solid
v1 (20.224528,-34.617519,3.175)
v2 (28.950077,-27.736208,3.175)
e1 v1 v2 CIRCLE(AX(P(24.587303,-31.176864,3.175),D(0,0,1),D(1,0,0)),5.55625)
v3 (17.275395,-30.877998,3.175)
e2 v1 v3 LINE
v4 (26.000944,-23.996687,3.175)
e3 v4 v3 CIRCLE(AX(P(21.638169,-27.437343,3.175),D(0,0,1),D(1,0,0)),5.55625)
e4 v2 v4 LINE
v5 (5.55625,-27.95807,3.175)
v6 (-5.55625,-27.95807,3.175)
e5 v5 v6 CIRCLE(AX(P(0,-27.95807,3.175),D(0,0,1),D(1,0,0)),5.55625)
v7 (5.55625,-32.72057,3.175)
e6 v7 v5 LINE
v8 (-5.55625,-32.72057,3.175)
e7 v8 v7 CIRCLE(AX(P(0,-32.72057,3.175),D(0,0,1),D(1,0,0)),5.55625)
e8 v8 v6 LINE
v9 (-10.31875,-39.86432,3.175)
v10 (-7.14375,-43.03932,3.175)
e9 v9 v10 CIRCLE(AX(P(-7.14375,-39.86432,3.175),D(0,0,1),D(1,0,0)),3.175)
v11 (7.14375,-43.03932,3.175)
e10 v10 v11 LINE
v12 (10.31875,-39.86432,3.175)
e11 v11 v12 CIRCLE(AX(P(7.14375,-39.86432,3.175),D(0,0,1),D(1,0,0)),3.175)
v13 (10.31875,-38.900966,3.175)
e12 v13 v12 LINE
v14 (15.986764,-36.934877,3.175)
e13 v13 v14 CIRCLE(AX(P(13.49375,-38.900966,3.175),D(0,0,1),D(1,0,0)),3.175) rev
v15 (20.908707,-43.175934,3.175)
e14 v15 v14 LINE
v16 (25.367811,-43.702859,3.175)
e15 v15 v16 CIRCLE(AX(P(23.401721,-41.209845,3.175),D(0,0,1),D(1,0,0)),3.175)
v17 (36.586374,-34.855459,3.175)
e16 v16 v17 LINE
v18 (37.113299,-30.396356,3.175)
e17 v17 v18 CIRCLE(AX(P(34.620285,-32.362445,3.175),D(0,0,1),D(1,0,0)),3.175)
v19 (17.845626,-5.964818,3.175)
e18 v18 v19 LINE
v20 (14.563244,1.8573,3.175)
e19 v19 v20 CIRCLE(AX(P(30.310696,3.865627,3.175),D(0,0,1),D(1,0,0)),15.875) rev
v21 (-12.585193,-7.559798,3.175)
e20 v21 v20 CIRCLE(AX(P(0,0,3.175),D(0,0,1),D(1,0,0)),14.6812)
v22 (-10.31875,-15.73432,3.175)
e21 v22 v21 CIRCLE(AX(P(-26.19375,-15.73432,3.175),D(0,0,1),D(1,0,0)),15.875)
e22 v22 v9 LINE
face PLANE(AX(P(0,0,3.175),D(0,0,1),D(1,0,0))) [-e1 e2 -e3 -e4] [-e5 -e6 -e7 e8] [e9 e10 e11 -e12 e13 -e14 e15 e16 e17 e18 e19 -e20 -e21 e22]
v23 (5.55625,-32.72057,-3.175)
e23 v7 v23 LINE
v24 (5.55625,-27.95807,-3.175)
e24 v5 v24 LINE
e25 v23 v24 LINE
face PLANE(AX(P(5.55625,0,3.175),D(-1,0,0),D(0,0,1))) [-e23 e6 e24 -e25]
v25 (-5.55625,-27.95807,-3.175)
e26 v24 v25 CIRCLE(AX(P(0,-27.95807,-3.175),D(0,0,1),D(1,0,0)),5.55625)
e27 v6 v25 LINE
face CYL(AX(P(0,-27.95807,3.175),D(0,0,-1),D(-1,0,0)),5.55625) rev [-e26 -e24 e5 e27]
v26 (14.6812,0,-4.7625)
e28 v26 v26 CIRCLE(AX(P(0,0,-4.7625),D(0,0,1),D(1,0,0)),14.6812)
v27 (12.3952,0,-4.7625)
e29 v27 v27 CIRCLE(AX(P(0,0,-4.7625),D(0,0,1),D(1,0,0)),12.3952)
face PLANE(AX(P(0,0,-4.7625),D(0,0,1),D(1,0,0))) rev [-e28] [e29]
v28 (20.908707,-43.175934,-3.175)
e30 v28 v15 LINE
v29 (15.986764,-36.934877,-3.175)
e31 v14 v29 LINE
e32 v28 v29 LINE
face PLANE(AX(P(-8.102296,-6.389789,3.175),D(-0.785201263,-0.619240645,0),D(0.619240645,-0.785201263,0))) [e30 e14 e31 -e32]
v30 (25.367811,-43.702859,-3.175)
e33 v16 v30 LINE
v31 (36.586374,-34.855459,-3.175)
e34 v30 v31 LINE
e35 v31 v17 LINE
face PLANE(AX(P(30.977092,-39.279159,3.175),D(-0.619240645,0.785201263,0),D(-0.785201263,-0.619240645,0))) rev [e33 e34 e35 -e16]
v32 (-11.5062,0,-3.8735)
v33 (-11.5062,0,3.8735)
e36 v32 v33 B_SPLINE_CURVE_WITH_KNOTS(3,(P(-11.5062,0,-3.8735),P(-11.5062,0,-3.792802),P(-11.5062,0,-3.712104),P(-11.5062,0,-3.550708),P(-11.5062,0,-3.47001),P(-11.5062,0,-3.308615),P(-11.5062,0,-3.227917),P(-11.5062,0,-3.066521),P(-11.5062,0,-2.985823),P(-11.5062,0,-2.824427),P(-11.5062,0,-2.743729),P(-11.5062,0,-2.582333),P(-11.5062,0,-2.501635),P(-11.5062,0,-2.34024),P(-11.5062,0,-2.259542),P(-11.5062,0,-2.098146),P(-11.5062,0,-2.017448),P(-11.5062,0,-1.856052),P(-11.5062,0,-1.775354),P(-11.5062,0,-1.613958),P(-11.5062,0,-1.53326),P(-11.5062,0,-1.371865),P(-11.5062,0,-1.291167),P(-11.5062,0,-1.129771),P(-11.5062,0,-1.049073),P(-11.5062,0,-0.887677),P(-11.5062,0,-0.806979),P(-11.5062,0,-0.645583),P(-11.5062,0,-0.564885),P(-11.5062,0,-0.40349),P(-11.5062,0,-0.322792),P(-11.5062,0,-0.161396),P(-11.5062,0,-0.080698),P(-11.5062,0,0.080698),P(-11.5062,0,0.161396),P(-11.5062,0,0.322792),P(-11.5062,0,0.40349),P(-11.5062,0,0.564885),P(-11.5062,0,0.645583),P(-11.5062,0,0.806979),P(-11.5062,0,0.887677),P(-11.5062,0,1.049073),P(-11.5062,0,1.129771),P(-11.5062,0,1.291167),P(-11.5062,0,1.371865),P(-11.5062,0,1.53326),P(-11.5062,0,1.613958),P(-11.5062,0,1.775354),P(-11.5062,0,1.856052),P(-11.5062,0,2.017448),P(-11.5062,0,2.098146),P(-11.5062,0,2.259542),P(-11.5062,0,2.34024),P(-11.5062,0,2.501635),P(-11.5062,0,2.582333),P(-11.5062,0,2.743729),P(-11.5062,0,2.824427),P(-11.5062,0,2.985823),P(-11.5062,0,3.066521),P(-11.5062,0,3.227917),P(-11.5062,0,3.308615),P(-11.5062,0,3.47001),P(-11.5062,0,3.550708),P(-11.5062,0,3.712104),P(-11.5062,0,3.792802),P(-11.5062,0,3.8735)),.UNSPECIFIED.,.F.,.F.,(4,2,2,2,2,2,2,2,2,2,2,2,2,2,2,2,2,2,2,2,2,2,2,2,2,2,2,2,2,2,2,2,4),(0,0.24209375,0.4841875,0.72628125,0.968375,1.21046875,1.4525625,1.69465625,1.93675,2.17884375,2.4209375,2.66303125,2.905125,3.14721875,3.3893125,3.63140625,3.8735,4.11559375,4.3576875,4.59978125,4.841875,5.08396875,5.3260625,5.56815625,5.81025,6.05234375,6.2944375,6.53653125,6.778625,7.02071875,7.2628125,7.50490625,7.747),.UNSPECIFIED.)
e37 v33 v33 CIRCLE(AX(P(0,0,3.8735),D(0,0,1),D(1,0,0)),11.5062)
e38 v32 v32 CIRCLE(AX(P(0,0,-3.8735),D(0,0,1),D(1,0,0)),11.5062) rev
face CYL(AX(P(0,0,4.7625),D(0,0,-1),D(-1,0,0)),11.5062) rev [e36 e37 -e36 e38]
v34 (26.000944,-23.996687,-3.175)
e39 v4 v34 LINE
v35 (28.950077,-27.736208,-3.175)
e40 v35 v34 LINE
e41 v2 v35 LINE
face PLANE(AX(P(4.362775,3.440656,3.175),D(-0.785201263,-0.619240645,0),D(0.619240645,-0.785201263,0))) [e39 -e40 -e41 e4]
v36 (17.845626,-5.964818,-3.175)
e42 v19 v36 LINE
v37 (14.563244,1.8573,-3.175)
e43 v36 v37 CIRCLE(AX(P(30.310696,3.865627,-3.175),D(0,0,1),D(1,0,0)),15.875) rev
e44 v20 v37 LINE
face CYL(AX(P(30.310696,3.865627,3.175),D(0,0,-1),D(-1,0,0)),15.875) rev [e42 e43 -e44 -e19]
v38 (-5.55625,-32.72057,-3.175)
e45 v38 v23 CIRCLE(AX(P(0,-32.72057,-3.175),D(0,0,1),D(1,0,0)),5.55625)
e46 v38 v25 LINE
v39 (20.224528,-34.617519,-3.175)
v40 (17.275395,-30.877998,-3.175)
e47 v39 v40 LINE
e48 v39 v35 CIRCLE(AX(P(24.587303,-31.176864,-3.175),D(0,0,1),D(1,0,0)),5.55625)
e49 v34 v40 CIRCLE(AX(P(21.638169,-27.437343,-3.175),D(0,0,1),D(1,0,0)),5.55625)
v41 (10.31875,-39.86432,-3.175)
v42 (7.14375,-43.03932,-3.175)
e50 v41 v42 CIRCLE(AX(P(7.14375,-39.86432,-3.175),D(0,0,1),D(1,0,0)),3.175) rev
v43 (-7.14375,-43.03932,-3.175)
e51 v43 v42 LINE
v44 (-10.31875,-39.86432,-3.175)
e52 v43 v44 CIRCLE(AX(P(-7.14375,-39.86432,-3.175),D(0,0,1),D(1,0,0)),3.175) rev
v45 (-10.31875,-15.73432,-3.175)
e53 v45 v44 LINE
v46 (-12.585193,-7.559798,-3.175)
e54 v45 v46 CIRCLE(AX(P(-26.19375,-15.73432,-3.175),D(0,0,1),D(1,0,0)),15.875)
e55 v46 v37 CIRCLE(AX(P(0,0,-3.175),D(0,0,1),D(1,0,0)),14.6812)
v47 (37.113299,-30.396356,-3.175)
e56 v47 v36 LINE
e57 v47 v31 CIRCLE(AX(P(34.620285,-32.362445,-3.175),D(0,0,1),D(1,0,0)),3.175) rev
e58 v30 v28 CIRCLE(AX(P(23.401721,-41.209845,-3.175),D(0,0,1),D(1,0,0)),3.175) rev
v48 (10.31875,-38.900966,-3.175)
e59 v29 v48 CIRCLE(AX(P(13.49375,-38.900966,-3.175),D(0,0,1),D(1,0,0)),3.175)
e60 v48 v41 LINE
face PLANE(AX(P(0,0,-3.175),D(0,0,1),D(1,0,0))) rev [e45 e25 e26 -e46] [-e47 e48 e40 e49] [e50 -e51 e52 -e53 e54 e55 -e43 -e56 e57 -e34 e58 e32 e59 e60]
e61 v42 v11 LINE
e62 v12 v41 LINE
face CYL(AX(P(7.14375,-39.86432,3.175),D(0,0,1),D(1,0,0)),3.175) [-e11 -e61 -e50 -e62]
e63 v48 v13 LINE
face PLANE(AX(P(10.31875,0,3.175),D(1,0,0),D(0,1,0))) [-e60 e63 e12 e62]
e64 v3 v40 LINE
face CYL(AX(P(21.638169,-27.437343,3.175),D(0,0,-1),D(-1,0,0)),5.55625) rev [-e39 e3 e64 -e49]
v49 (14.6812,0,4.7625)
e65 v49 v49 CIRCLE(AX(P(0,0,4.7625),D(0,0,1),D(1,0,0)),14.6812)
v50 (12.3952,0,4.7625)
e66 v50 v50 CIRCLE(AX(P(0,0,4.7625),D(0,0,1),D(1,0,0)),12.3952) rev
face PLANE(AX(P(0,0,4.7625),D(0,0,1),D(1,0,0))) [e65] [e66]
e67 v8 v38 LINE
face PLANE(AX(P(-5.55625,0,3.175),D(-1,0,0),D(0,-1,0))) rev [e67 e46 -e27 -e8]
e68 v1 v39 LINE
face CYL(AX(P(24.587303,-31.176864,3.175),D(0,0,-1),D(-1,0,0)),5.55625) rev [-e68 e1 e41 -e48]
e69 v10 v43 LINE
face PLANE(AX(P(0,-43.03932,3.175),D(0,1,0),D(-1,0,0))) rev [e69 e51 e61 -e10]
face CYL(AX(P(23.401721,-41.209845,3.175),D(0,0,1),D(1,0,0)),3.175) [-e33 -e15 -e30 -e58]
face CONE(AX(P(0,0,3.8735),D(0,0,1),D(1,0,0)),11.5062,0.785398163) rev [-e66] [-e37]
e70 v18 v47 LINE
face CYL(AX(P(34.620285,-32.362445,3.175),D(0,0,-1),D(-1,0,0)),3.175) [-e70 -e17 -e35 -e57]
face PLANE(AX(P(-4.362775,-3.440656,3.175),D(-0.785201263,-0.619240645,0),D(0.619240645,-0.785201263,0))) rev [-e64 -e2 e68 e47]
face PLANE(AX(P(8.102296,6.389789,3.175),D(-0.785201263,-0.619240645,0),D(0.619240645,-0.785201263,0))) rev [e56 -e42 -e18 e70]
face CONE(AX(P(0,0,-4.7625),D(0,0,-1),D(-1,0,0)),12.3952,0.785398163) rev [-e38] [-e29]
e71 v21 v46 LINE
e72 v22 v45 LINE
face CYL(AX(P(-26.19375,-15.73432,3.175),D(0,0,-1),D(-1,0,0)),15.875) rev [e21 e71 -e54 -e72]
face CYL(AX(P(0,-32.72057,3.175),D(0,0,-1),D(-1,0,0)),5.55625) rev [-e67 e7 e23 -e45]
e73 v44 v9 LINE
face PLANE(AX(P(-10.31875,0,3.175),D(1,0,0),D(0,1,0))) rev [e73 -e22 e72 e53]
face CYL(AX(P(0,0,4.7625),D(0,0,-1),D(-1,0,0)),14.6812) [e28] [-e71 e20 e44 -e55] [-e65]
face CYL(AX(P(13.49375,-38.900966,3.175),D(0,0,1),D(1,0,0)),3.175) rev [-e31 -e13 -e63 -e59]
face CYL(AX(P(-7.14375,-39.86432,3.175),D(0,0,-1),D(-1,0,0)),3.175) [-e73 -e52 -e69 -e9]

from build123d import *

# Parameters (mm, degrees)
SKETCH1_R           = 11.5062
BOSS_EXTRUDE2_DEPTH = 4.7625
BOSS_EXTRUDE3_DEPTH = 3.175
FILLET1_R           = 3.175
CHAMFER1_SIZE       = 0.889


with BuildPart() as part:
    # Sketch1 → Boss-Extrude2 (new, symmetric)
    with BuildSketch(Plane.XY):
        with BuildLine():
            ThreePointArc((14.563243761, 1.857300354), (-4.811299793, 13.870437187), (-12.585193267, -7.559797873))
            ThreePointArc((-12.585193267, -7.559797873), (4.811299793, -13.870437187), (14.563243761, 1.857300354))
        make_face()
        Circle(SKETCH1_R, mode=Mode.SUBTRACT)
    extrude(amount=BOSS_EXTRUDE2_DEPTH, both=True)

    # Sketch1<4> → Boss-Extrude3 (add, symmetric)
    with BuildSketch(Plane.XY):
        with BuildLine():
            ThreePointArc((-12.585193267, -7.559797873), (-10.89585042, -11.492870345), (-10.31875, -15.734319794))
            Line((-10.31875, -15.734319794), (-10.31875, -43.039319794))
            Line((-10.31875, -43.039319794), (10.31875, -43.039319794))
            Line((10.31875, -43.039319794), (10.31875, -29.747797869))
            Line((10.31875, -29.747797869), (22.874796512, -45.668948499))
            Line((22.874796512, -45.668948499), (39.079387582, -32.889369691))
            Line((39.079387582, -32.889369691), (17.84562587, -5.964818374))
            ThreePointArc((17.84562587, -5.964818374), (15.672287957, -2.277062873), (14.563243761, 1.857300354))
            ThreePointArc((14.563243761, 1.857300354), (4.811299793, -13.870437187), (-12.585193267, -7.559797873))
        make_face()
        with BuildLine():
            ThreePointArc((5.55625, -32.720569794), (0, -38.276819794), (-5.55625, -32.720569794))
            Line((-5.55625, -32.720569794), (-5.55625, -27.958069794))
            ThreePointArc((-5.55625, -27.958069794), (0, -22.401819794), (5.55625, -27.958069794))
            Line((5.55625, -27.958069794), (5.55625, -32.720569794))
        make_face(mode=Mode.SUBTRACT)
        with BuildLine():
            ThreePointArc((28.950077162, -27.736207727), (28.027958476, -35.539638078), (20.224528124, -34.617519392))
            Line((20.224528124, -34.617519392), (17.275394553, -30.877998376))
            ThreePointArc((17.275394553, -30.877998376), (18.197513239, -23.074568025), (26.000943591, -23.996686711))
            Line((26.000943591, -23.996686711), (28.950077162, -27.736207727))
        make_face(mode=Mode.SUBTRACT)
    extrude(amount=BOSS_EXTRUDE3_DEPTH, both=True)

    # Fillet1
    fillet1_edges = [part.edges().sort_by_distance(p)[0] for p in [
        (-10.31875, -43.039319794, 0),
        (39.079387582, -32.889369691, 0),
        (10.31875, -43.039319794, 0),
        (22.874796512, -45.668948499, 0),
        (10.31875, -29.747797869, 0),
    ]]
    fillet(fillet1_edges, radius=FILLET1_R)

    # Chamfer1
    chamfer1_edges = [part.edges().sort_by_distance(p)[0] for p in [
        (-11.5062, 0, -4.7625),
        (-11.5062, 0, 4.7625),
    ]]
    chamfer(chamfer1_edges, length=CHAMFER1_SIZE)


solid = part.part
